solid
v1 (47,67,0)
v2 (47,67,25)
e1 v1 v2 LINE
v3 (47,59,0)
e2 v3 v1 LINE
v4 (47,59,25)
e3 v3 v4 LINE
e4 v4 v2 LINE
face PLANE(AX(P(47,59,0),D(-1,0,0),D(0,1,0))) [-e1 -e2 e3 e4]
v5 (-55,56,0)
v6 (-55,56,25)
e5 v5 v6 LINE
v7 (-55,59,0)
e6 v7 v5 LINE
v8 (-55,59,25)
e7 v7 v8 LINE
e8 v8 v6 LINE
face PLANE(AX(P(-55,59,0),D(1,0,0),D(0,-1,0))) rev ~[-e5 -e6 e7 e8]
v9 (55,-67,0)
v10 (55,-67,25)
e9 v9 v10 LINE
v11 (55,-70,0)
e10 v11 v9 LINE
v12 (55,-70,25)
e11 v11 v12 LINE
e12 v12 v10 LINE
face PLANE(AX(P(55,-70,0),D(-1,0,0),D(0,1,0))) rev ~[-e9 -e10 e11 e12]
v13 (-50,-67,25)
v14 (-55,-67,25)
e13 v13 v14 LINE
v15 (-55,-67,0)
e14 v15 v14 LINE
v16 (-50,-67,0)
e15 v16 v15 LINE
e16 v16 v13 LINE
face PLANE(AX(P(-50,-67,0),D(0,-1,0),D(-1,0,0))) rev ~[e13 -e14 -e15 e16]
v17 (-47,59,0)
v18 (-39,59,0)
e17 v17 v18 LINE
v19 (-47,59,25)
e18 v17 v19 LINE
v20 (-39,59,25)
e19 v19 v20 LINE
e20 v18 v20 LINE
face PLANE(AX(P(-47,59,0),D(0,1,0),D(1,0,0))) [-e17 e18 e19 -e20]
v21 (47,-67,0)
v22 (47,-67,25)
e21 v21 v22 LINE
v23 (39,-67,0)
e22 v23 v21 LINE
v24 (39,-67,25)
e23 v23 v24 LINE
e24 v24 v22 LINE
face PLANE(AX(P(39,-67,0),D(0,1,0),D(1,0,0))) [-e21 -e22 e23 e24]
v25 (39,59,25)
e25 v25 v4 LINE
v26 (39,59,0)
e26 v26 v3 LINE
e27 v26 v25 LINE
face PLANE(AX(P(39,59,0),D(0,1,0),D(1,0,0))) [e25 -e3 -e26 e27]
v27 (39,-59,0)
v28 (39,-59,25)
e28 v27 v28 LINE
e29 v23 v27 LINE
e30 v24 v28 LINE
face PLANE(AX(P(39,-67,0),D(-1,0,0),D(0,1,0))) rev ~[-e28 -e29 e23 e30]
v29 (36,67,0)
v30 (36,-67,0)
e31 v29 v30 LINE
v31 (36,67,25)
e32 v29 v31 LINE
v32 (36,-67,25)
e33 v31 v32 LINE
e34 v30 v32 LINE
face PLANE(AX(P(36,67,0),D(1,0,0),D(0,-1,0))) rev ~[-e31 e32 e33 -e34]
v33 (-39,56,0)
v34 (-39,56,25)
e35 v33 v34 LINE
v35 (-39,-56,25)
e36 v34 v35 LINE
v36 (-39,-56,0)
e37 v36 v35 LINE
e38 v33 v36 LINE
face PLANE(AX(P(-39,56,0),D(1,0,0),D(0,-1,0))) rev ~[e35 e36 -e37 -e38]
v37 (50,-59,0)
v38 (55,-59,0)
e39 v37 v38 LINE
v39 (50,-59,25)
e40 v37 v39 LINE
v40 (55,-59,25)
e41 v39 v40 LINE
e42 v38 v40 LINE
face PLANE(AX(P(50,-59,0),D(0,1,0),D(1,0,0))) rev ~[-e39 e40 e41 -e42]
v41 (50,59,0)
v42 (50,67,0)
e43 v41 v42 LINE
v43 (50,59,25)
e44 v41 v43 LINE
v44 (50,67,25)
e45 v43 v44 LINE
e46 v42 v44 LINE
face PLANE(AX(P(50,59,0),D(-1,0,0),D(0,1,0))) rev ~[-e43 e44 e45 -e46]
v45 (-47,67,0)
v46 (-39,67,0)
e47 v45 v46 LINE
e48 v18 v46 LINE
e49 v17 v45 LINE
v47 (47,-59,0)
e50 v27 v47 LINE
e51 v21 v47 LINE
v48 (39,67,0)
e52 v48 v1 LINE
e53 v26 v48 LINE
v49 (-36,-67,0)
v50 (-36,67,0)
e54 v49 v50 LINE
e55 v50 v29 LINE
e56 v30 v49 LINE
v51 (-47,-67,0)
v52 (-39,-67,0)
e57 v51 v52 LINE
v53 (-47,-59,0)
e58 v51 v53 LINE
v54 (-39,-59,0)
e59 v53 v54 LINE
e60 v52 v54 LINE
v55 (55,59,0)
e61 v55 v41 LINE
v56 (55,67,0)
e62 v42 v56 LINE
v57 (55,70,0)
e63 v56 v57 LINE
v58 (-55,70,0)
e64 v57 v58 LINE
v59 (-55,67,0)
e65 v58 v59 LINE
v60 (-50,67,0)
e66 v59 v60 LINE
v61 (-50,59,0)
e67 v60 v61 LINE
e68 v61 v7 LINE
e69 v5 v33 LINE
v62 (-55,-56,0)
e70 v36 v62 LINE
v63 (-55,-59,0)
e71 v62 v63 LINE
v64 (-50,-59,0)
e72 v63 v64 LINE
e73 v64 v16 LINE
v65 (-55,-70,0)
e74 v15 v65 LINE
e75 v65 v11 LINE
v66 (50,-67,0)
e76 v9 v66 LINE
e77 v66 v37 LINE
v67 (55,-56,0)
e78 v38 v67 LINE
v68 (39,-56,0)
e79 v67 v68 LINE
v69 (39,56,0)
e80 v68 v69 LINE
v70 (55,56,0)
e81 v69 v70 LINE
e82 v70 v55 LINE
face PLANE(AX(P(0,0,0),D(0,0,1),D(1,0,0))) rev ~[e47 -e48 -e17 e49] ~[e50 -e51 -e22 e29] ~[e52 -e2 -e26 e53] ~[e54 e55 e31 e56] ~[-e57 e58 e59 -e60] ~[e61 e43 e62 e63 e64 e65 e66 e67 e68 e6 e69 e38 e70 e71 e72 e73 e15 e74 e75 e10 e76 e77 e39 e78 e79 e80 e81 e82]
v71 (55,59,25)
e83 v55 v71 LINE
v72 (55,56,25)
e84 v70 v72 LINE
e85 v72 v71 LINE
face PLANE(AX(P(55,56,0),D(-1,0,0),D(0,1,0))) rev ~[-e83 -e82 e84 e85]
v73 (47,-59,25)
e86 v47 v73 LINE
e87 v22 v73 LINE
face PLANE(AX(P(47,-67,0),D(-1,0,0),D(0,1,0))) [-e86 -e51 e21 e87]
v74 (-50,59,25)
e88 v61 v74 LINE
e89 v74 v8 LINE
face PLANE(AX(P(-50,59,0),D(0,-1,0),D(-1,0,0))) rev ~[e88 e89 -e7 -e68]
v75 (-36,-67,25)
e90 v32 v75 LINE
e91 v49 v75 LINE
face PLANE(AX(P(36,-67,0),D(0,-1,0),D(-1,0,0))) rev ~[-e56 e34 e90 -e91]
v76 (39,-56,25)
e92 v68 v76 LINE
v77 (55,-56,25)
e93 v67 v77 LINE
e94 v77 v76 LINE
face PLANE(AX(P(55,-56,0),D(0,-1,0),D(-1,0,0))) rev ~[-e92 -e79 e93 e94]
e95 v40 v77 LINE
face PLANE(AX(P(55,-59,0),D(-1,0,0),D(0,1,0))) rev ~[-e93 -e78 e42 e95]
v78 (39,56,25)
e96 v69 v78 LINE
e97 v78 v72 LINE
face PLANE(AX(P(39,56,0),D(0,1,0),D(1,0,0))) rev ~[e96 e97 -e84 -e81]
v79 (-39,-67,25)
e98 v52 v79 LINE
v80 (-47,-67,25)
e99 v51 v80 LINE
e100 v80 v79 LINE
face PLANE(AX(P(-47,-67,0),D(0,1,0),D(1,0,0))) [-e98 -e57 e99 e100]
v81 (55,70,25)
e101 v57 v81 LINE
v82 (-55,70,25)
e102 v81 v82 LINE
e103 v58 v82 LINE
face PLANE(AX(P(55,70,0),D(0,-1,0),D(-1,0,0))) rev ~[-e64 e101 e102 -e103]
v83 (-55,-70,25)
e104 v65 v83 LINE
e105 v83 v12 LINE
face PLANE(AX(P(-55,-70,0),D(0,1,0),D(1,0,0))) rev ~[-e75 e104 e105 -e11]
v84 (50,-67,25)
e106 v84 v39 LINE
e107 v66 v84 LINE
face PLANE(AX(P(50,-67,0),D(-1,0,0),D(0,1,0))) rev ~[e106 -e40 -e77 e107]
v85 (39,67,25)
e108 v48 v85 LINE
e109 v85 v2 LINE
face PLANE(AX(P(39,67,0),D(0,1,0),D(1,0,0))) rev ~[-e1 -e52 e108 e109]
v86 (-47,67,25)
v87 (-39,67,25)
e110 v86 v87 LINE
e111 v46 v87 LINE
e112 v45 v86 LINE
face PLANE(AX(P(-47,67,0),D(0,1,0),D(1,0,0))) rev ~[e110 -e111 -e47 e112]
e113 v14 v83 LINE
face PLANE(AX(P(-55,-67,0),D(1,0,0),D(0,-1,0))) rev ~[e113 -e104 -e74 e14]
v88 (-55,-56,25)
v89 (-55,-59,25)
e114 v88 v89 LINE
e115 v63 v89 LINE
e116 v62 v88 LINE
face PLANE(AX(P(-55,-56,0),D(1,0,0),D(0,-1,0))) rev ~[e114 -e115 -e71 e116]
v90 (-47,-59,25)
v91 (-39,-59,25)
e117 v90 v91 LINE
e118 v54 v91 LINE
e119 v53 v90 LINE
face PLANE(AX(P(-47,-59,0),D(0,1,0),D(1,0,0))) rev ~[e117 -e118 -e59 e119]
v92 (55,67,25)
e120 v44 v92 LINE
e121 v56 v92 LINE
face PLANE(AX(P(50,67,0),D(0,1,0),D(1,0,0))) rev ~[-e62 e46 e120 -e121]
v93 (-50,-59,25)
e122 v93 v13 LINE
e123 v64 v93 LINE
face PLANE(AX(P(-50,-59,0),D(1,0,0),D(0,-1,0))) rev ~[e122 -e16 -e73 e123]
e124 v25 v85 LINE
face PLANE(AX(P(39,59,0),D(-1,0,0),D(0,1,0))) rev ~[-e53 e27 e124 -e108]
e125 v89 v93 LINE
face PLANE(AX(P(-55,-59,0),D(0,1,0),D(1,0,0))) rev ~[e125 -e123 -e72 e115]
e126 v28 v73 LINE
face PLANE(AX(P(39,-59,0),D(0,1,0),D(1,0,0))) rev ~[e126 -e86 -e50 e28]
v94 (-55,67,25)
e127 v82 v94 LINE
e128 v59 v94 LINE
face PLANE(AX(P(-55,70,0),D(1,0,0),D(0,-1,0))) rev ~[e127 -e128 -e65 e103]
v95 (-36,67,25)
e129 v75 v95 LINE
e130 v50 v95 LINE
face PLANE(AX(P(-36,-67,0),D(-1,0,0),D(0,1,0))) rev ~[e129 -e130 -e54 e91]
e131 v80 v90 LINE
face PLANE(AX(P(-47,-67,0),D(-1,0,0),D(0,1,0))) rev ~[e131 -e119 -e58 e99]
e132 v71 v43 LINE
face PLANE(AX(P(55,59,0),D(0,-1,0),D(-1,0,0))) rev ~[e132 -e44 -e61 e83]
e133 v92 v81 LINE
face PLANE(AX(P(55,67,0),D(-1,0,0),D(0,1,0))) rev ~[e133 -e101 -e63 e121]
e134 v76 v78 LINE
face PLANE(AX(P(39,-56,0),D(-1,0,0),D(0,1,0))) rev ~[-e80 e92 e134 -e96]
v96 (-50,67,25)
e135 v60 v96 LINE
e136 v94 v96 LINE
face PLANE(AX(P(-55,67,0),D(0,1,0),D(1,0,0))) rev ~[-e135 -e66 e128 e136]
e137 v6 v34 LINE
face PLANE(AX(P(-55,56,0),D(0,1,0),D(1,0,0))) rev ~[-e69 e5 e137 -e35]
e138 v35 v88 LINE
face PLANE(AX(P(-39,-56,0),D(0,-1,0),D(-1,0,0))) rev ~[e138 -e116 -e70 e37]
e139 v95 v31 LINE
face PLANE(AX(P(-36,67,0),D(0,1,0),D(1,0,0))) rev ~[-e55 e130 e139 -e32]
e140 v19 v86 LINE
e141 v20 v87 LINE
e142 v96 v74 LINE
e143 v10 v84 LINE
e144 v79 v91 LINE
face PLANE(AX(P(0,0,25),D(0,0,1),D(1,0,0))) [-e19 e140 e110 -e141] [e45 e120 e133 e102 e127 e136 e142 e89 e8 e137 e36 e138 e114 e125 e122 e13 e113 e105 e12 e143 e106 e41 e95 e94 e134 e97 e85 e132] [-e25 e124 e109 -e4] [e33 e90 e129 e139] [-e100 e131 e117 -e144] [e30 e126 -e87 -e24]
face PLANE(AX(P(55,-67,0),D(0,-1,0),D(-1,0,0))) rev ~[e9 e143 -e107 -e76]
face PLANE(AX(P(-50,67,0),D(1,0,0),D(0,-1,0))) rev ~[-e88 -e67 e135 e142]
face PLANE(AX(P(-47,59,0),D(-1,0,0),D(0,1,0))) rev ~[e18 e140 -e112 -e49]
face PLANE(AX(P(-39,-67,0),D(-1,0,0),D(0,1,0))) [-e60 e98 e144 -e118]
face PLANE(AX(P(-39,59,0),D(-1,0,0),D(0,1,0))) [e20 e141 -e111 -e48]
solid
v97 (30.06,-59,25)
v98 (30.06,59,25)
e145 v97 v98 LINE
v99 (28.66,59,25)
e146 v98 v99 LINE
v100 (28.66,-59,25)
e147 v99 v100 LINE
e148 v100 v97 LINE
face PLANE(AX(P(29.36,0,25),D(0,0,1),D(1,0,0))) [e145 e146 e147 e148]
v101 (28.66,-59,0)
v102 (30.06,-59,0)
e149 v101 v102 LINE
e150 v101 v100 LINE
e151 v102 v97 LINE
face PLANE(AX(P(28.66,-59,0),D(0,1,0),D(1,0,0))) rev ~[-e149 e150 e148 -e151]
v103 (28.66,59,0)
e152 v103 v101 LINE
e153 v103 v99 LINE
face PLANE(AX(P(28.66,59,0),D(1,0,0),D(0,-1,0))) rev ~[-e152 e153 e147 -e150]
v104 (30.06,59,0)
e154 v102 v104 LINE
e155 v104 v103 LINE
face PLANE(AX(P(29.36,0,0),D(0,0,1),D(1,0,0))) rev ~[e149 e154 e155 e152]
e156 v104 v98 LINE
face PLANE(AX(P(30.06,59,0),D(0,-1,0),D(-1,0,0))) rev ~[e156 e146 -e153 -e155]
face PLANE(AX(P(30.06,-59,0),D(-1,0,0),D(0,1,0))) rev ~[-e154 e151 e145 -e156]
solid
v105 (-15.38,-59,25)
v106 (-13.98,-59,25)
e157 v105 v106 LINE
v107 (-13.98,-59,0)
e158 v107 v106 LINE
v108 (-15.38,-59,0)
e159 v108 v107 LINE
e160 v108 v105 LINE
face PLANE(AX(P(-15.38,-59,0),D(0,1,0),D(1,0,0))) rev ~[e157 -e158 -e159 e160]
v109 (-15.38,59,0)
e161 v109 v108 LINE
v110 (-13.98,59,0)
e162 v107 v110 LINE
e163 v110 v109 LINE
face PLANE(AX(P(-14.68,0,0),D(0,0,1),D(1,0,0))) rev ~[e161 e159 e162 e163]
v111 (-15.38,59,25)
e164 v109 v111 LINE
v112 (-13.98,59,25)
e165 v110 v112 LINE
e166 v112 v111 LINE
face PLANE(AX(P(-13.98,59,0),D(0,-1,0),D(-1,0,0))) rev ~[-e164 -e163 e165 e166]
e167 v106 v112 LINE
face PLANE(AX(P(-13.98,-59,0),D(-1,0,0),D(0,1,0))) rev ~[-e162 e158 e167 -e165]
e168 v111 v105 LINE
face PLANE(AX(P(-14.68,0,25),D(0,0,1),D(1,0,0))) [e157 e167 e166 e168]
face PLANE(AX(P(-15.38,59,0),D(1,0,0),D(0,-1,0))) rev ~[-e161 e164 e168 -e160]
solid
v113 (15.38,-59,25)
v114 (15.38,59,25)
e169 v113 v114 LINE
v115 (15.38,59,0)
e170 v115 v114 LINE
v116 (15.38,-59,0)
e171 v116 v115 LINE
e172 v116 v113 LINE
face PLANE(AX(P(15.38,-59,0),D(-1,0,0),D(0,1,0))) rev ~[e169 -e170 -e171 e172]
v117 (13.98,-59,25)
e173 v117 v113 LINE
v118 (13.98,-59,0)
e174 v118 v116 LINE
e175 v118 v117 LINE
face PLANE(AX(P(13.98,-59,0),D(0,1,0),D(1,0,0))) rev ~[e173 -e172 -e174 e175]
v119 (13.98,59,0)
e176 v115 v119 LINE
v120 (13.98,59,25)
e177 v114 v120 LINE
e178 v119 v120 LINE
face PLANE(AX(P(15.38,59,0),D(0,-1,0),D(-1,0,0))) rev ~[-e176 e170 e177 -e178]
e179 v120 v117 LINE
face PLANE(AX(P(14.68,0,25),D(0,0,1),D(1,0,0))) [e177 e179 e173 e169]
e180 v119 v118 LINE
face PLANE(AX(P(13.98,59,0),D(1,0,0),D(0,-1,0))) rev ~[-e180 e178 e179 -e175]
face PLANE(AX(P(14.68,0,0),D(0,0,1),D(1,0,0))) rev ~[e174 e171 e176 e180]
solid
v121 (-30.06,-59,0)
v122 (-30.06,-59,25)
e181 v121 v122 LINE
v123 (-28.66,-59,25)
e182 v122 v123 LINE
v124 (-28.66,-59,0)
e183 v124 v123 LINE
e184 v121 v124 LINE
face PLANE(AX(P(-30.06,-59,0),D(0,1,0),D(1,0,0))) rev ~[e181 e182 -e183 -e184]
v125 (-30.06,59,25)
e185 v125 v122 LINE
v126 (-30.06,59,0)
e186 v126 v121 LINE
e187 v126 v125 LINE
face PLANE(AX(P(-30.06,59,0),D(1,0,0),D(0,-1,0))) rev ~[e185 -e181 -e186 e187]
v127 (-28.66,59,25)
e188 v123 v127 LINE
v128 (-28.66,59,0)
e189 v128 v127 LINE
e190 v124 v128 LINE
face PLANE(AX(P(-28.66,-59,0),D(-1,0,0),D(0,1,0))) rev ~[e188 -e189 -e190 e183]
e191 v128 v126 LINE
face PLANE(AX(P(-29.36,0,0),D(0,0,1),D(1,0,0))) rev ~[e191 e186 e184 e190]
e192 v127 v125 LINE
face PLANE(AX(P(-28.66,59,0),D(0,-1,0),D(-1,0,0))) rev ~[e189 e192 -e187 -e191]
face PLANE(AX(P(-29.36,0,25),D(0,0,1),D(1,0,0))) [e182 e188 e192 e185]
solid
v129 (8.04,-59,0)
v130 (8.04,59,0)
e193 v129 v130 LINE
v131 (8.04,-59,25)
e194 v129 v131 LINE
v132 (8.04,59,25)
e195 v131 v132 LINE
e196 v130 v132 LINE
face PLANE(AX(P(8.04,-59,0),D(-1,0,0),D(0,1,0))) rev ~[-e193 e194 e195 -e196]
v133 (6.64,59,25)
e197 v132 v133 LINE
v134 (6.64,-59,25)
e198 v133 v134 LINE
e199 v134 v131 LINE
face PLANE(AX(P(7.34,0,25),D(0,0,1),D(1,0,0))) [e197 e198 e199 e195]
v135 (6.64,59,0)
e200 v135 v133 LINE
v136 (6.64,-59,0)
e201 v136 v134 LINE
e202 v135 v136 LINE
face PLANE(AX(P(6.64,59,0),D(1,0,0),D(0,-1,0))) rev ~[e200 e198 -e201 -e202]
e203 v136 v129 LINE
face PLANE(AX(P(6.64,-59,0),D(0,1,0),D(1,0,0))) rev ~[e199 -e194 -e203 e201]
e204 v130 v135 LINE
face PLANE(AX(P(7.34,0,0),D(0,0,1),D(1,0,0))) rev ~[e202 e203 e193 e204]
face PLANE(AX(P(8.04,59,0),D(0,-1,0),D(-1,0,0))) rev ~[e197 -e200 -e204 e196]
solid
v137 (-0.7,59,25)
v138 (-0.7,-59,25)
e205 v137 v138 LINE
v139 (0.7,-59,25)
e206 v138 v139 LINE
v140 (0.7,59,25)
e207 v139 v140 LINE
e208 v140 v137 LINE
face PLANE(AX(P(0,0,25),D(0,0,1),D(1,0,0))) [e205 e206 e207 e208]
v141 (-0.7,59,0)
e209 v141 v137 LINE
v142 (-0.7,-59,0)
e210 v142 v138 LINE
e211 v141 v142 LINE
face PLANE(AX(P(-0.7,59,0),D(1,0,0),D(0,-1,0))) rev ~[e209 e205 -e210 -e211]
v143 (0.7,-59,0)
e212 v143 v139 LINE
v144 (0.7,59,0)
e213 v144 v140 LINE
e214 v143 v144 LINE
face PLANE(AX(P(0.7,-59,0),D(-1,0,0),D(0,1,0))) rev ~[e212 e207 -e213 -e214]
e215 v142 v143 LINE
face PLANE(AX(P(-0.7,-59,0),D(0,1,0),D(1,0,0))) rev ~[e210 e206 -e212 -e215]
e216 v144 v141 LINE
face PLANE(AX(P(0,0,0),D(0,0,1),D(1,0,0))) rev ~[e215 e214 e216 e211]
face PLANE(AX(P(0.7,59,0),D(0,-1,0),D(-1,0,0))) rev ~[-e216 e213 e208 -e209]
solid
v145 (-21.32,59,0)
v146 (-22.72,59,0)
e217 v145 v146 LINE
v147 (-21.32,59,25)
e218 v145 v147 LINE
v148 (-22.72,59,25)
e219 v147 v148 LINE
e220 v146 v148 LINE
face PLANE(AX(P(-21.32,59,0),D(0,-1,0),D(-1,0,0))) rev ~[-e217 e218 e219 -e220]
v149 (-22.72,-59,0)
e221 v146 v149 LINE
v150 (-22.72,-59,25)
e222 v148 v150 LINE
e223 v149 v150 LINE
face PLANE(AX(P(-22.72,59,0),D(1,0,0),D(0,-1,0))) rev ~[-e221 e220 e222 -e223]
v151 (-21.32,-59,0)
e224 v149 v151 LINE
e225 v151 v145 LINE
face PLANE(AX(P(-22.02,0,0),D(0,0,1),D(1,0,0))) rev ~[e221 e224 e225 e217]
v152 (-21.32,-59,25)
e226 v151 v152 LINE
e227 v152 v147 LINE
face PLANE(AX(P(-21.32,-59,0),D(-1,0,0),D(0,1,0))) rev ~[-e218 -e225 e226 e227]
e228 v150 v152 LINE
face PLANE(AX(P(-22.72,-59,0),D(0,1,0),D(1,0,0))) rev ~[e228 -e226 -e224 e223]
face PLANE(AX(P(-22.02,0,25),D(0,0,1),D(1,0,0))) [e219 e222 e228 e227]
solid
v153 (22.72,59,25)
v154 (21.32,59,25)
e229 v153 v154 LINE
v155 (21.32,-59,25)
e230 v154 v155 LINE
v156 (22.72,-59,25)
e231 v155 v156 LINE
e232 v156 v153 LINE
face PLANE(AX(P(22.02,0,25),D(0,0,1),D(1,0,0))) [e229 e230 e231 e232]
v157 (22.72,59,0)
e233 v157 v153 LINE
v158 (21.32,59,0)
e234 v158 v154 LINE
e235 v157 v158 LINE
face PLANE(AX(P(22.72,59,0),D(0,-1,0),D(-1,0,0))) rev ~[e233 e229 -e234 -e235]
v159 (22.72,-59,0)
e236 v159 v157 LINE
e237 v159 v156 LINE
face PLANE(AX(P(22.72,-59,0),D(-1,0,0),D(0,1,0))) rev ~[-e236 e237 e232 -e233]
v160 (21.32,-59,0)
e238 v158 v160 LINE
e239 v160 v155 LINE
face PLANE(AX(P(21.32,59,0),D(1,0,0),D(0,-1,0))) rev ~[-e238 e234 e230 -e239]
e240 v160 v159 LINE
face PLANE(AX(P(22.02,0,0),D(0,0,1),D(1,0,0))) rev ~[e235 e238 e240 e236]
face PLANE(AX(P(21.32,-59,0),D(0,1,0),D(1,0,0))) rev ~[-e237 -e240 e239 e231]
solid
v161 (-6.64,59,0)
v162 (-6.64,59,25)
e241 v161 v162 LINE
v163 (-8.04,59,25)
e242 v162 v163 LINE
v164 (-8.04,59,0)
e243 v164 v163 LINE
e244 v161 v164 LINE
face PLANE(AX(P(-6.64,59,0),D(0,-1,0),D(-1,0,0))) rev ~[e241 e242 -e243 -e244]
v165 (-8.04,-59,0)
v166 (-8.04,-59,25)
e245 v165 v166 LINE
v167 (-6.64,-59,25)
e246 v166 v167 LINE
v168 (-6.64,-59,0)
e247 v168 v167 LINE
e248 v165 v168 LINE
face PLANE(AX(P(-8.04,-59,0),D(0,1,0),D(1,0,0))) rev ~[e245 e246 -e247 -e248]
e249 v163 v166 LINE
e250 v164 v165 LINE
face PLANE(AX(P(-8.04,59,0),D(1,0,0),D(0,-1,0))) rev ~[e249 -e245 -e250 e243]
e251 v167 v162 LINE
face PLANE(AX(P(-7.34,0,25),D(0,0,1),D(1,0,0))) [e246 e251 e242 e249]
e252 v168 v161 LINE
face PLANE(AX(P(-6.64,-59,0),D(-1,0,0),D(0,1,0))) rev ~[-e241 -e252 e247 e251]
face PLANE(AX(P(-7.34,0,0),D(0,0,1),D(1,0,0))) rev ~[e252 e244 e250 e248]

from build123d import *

# Parameters (mm, degrees)
F1_DEPTH = 25
F0_W     = 8
F0_H     = 8


with BuildPart() as f1:
    # F0 (on Top) → F1 (new body)
    with BuildSketch(Plane.XY):
        Polygon((22.72, 0), (22.72, 59), (21.32, 59), (21.32, 0), (21.32, -59), (22.72, -59), align=None)
    extrude(amount=F1_DEPTH)


with BuildPart() as f1b:
    # F0 (on Top) → F1, piece 2 (new body)
    with BuildSketch(Plane.XY):
        Polygon((8.04, 0), (8.04, 59), (6.64, 59), (6.64, 0), (6.64, -59), (8.04, -59), align=None)
    extrude(amount=F1_DEPTH)


with BuildPart() as f1c:
    # F0 (on Top) → F1, piece 3 (new body)
    with BuildSketch(Plane.XY):
        Polygon((0.7, 0), (0.7, 59), (-0.7, 59), (-0.7, 0), (-0.7, -59), (0.7, -59), align=None)
    extrude(amount=F1_DEPTH)


with BuildPart() as f1d:
    # F0 (on Top) → F1, piece 4 (new body)
    with BuildSketch(Plane.XY):
        Polygon((-13.98, 0), (-13.98, 59), (-15.38, 59), (-15.38, 0), (-15.38, -59), (-13.98, -59), align=None)
    extrude(amount=F1_DEPTH)


with BuildPart() as f1e:
    # F0 (on Top) → F1, piece 5 (new body)
    with BuildSketch(Plane.XY):
        Polygon((-21.32, 0), (-21.32, 59), (-22.72, 59), (-22.72, 0), (-22.72, -59), (-21.32, -59), align=None)
    extrude(amount=F1_DEPTH)


with BuildPart() as f1f:
    # F0 (on Top) → F1, piece 6 (new body)
    with BuildSketch(Plane.XY):
        Polygon((55, 70), (-55, 70), (-55, 67), (-50, 67), (-50, 59), (-55, 59), (-55, 56), (-50, 56), (-39, 56), (-39, 0), (-39, -56), (-50, -56), (-55, -56), (-55, -59), (-50, -59), (-50, -67), (-55, -67), (-55, -70), (55, -70), (55, -67), (50, -67), (50, -59), (55, -59), (55, -56), (50, -56), (39, -56), (39, 0), (39, 56), (50, 56), (55, 56), (55, 59), (50, 59), (50, 67), (55, 67), align=None)
        with Locations((-43, -63)):
            Rectangle(F0_W, F0_H, mode=Mode.SUBTRACT)
        with Locations((43, -63)):
            Rectangle(F0_W, F0_H, mode=Mode.SUBTRACT)
        with Locations((-43, 63)):
            Rectangle(F0_W, F0_H, mode=Mode.SUBTRACT)
        Polygon((-36, 0), (-36, 67), (36, 67), (36, 0), (36, -67), (-36, -67), align=None, mode=Mode.SUBTRACT)
        with Locations((43, 63)):
            Rectangle(F0_W, F0_H, mode=Mode.SUBTRACT)
    extrude(amount=F1_DEPTH)


with BuildPart() as f1g:
    # F0 (on Top) → F1, piece 7 (new body)
    with BuildSketch(Plane.XY):
        Polygon((-28.66, 59), (-30.06, 59), (-30.06, 0), (-30.06, -59), (-28.66, -59), (-28.66, 0), align=None)
    extrude(amount=F1_DEPTH)


with BuildPart() as f1h:
    # F0 (on Top) → F1, piece 8 (new body)
    with BuildSketch(Plane.XY):
        Polygon((30.06, 0), (30.06, 59), (28.66, 59), (28.66, 0), (28.66, -59), (30.06, -59), align=None)
    extrude(amount=F1_DEPTH)


with BuildPart() as f1i:
    # F0 (on Top) → F1, piece 9 (new body)
    with BuildSketch(Plane.XY):
        Polygon((15.38, 0), (15.38, 59), (13.98, 59), (13.98, 0), (13.98, -59), (15.38, -59), align=None)
    extrude(amount=F1_DEPTH)


with BuildPart() as f1j:
    # F0 (on Top) → F1, piece 10 (new body)
    with BuildSketch(Plane.XY):
        Polygon((-6.64, 0), (-6.64, 59), (-8.04, 59), (-8.04, 0), (-8.04, -59), (-6.64, -59), align=None)
    extrude(amount=F1_DEPTH)


solid = Compound([f1.part, f1b.part, f1c.part, f1d.part, f1e.part, f1f.part, f1g.part, f1h.part, f1i.part, f1j.part])
